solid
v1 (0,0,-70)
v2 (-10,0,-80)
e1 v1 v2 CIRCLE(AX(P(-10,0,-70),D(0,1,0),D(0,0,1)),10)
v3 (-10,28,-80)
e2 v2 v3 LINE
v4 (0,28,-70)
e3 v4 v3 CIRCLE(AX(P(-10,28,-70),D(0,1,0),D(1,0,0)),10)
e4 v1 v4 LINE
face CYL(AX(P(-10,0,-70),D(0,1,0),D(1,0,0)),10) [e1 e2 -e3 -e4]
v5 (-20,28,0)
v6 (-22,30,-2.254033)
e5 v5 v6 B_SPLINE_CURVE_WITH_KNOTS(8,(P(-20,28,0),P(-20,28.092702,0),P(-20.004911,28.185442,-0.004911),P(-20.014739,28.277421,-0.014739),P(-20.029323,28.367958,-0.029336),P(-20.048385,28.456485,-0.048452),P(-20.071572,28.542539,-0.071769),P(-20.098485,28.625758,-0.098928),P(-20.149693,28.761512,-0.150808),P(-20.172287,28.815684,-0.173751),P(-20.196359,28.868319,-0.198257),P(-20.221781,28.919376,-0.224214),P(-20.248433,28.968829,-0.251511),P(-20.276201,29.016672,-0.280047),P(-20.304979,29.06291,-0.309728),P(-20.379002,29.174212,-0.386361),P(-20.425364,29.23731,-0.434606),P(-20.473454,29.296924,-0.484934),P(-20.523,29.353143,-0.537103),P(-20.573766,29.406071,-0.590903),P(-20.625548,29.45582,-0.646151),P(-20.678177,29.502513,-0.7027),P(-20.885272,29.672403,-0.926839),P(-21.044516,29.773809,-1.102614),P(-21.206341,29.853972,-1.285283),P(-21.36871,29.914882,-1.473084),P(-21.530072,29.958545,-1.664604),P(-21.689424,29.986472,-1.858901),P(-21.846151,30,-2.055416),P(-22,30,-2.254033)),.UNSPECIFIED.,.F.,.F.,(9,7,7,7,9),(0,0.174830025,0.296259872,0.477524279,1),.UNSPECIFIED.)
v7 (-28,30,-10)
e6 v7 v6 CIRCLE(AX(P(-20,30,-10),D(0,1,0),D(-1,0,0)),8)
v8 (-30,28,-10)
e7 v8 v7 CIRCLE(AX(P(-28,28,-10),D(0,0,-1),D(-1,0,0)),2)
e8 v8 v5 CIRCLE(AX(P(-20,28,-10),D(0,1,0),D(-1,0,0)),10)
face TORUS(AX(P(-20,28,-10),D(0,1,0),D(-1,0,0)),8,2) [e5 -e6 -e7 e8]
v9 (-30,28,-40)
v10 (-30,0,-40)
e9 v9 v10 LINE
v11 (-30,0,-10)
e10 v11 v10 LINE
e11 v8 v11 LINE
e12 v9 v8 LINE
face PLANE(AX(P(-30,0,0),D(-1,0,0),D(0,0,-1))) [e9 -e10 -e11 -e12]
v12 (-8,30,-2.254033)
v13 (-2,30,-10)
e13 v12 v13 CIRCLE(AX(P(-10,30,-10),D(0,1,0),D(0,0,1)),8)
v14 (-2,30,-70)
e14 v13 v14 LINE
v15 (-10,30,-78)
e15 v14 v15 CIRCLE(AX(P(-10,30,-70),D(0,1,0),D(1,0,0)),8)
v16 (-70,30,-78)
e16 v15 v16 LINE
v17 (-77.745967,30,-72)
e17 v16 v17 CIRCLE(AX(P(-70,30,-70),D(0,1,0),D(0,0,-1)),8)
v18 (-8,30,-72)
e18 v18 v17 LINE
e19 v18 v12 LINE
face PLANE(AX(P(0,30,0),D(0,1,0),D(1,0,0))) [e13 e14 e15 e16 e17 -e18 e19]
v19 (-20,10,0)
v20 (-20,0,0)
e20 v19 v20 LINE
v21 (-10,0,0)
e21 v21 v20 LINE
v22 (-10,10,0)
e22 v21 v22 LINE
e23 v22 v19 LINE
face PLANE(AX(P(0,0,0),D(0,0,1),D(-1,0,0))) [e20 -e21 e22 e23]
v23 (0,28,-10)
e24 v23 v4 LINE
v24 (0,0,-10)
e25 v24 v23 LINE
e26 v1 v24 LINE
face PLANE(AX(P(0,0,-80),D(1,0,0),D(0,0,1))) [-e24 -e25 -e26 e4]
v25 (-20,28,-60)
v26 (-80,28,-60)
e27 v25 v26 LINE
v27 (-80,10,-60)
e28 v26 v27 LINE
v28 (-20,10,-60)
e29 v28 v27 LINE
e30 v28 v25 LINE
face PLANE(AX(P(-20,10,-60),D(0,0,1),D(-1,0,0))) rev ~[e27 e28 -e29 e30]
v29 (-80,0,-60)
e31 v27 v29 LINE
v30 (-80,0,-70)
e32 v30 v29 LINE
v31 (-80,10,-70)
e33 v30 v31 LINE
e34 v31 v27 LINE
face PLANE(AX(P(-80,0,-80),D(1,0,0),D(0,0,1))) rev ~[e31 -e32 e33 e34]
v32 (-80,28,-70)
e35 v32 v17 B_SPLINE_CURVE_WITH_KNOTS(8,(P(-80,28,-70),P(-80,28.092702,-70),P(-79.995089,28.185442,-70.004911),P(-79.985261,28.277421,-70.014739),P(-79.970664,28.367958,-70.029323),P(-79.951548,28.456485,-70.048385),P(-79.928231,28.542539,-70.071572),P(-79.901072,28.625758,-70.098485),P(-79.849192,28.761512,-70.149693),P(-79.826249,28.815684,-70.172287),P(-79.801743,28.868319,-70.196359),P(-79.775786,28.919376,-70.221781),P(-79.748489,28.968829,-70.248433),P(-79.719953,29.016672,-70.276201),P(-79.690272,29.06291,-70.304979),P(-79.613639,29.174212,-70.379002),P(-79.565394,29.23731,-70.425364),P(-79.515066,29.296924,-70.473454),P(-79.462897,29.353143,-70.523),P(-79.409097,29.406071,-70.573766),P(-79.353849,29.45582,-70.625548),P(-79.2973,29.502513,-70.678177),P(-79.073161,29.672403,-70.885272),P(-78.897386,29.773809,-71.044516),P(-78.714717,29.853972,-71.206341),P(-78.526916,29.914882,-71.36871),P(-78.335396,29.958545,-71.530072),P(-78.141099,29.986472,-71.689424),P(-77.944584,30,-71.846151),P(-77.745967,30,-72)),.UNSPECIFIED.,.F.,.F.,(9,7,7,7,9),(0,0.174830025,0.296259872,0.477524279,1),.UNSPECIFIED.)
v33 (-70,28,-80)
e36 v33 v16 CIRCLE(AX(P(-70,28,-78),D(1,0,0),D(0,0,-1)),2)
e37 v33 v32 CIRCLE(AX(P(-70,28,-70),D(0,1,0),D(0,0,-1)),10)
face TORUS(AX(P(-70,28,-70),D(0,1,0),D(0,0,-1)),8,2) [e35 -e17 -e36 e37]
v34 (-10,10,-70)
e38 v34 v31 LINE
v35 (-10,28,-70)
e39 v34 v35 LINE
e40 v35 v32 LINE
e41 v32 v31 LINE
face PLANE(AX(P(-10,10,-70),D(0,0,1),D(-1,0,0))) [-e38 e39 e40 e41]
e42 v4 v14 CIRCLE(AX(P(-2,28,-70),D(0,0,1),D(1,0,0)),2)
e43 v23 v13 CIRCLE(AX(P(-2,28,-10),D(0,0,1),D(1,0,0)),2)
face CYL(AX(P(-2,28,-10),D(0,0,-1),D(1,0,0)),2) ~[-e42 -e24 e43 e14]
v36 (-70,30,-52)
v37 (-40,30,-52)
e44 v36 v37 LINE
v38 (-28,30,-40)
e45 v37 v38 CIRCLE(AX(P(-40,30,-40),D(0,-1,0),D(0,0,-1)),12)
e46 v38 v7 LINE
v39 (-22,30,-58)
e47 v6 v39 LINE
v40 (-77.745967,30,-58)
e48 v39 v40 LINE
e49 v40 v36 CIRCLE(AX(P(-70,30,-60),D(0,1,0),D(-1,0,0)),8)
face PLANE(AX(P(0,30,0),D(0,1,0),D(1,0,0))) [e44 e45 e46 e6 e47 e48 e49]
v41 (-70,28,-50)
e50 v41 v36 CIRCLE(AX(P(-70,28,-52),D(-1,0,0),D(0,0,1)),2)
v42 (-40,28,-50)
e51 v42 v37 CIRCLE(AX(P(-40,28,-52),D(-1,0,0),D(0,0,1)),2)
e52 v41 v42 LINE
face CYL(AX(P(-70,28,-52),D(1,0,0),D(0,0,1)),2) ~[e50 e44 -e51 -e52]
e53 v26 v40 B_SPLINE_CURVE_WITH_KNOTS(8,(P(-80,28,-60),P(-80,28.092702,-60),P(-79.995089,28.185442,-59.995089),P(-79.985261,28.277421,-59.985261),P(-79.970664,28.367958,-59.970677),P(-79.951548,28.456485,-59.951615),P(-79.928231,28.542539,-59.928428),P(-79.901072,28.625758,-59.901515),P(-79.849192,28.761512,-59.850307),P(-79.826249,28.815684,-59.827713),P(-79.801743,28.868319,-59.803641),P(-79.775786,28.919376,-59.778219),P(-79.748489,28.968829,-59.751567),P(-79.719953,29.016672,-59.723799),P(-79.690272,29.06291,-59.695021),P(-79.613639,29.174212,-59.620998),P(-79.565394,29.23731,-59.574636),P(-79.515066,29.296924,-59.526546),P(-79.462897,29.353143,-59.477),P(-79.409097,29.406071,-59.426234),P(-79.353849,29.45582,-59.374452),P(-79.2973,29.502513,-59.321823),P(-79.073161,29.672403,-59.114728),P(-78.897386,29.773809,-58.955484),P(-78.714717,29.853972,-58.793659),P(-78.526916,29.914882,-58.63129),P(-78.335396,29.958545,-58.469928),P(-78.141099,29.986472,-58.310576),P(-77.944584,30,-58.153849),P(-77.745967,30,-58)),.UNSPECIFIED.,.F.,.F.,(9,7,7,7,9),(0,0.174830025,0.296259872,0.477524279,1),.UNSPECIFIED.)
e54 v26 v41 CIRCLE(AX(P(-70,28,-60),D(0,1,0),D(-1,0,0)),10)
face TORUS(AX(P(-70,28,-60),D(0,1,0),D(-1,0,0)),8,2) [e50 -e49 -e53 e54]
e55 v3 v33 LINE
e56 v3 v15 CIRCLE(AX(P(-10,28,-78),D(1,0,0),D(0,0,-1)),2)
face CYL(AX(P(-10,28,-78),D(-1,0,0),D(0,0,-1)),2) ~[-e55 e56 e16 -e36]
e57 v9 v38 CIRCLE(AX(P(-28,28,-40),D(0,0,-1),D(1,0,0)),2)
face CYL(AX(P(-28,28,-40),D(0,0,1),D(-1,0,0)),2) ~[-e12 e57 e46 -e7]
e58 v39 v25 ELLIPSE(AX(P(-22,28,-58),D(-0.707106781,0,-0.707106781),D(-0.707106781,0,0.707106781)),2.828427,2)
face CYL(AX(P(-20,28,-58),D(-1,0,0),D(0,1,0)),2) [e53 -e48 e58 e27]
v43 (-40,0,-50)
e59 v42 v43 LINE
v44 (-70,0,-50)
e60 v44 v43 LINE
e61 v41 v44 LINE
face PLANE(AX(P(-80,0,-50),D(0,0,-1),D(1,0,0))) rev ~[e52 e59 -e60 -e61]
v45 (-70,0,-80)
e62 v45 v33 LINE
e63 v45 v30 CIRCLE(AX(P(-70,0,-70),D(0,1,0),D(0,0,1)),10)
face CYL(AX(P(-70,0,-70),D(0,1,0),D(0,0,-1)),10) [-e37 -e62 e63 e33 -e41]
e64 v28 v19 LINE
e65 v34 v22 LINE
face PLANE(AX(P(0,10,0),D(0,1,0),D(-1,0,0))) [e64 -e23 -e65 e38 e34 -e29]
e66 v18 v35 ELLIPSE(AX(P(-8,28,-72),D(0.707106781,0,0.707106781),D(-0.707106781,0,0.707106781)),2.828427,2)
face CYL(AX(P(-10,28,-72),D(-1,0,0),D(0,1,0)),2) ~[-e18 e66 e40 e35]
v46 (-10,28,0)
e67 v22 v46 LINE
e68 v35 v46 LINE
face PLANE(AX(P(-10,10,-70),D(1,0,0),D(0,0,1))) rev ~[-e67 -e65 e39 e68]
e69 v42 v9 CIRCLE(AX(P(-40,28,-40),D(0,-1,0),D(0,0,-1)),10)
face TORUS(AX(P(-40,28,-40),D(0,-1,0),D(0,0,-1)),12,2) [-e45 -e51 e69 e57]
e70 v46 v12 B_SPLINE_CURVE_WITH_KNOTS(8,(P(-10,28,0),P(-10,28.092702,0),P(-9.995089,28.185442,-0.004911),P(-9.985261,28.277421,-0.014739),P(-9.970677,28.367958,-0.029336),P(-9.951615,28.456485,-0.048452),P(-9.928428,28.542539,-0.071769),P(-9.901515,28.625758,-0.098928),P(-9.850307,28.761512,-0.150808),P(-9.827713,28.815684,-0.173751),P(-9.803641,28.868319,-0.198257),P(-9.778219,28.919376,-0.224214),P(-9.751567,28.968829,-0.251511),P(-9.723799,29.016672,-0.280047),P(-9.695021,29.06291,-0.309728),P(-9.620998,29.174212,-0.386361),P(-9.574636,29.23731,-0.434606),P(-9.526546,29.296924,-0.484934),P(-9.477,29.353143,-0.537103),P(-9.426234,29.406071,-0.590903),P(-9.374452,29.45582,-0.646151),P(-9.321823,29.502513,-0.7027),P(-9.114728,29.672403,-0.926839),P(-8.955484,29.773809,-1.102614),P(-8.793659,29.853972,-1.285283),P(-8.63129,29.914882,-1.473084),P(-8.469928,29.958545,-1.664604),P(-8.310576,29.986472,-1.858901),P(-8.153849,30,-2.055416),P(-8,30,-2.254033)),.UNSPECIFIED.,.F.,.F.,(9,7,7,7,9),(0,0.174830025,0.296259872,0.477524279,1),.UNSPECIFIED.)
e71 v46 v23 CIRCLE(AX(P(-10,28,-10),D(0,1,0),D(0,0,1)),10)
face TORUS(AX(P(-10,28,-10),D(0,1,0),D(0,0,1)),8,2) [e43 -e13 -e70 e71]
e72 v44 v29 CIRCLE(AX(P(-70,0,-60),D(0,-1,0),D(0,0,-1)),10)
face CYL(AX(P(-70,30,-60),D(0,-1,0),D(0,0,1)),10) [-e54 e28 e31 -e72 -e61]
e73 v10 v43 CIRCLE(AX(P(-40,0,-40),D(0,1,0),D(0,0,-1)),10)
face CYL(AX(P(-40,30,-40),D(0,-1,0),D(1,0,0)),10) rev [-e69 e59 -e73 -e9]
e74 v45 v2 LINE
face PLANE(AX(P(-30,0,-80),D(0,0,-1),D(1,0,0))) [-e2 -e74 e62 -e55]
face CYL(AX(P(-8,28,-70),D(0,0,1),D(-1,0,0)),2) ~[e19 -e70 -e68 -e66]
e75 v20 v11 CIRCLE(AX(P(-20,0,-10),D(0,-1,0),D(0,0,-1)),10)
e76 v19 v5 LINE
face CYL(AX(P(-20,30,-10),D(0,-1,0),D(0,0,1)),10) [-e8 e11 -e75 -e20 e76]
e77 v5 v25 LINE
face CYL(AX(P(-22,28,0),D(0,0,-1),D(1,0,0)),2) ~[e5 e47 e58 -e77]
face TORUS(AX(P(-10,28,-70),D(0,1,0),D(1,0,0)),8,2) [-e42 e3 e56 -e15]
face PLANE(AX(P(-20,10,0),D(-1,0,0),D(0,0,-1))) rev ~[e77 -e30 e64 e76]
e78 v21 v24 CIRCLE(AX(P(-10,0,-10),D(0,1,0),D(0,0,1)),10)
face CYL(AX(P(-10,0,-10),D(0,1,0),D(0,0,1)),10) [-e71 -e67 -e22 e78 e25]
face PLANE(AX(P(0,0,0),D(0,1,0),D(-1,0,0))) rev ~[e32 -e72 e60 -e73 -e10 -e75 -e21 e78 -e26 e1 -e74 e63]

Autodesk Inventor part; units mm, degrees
ref_plane "YZ Plane" through (0, 0, 0) normal (1, 0, 0) x (0, 1, 0)
ref_plane "XZ Plane" through (0, 0, 0) normal (0, 1, 0) x (-1, 0, 0)
ref_plane "XY Plane" through (0, 0, 0) normal (0, 0, 1) x (1, 0, 0)
sketch "Sketch1" plane through (0, 0, 0) normal (0, 1, 0) x (-1, 0, 0)
  line L0 (0, 0) -> (30, 0)
  line L1 (30, 0) -> (30, -80)
  line L2 (30, -80) -> (0, -80)
  line L3 (0, -80) -> (0, 0)
  line L4 (30, -80) -> (80, -80)
  line L5 (80, -80) -> (80, -50)
  line L6 (80, -50) -> (30, -50)
  line L7 (30, -50) -> (30, -80)
  dimension "d0" = 30
  dimension "d1" = 80
  dimension "d2" = 50
  dimension "d3" = 30
extrude "Extrusion1" add sketch "Sketch1" along normal blind 10
sketch "Sketch2" plane through (0, 10, 0) normal (0, 1, 0) x (1, 0, 0)
  line L0 (-30, 0) -> (0, 0) projected
  line L1 (-30, 0) -> (-20, 0)
  line L2 (-20, 0) -> (-20, 50)
  line L3 (-20, 50) -> (-30, 50)
  line L4 (-30, 50) -> (-30, 0)
  line L5 (-80, 80) -> (-80, 50) projected
  line L6 (-80, 50) -> (-20, 50)
  line L7 (-20, 50) -> (-20, 60)
  line L8 (-20, 60) -> (-80, 60)
  line L9 (-80, 60) -> (-80, 50)
  line L10 (-80, 80) -> (0, 80)
  line L11 (0, 80) -> (0, 70)
  line L12 (0, 70) -> (-80, 70)
  line L13 (-80, 70) -> (-80, 80)
  line L14 (0, 70) -> (-10, 70)
  line L15 (-10, 70) -> (-10, 0)
  line L16 (-10, 0) -> (0, 0)
  line L17 (0, 0) -> (0, 70)
  dimension "d6" = 10
  dimension "d7" = 10
  dimension "d8" = 80
  dimension "d9" = 10
  dimension "d10" = 10
extrude "Extrusion2" add sketch "Sketch2" along normal blind 20 contours L4 L3 L2 L0 | L6 L5 L8 L7 L3 | L15 L12 L17 L0 | L12 L5 L10 L11
fillet "Fillet1" radius 10 6 edges at (-30, 15, -50) (-30, 15, 0) (-80, 15, -50) (-80, 15, -80) (0, 15, -80) (0, 15, 0)
fillet "Fillet2" radius 2 12 edges at (-55, 30, -50) (-77.0711, 30, -52.9289) (-30, 30, -25) (-27.0711, 30, -2.9289) (-77.0711, 30, -77.0711) (-2.9289, 30, -77.0711) (-2.9289, 30, -2.9289) (-40, 30, -80) (-45, 30, -70) (-50, 30, -60) (-10, 30, -35) (-20, 30, -30)
properties part number "TSU_Corner_Top_Clamp"
